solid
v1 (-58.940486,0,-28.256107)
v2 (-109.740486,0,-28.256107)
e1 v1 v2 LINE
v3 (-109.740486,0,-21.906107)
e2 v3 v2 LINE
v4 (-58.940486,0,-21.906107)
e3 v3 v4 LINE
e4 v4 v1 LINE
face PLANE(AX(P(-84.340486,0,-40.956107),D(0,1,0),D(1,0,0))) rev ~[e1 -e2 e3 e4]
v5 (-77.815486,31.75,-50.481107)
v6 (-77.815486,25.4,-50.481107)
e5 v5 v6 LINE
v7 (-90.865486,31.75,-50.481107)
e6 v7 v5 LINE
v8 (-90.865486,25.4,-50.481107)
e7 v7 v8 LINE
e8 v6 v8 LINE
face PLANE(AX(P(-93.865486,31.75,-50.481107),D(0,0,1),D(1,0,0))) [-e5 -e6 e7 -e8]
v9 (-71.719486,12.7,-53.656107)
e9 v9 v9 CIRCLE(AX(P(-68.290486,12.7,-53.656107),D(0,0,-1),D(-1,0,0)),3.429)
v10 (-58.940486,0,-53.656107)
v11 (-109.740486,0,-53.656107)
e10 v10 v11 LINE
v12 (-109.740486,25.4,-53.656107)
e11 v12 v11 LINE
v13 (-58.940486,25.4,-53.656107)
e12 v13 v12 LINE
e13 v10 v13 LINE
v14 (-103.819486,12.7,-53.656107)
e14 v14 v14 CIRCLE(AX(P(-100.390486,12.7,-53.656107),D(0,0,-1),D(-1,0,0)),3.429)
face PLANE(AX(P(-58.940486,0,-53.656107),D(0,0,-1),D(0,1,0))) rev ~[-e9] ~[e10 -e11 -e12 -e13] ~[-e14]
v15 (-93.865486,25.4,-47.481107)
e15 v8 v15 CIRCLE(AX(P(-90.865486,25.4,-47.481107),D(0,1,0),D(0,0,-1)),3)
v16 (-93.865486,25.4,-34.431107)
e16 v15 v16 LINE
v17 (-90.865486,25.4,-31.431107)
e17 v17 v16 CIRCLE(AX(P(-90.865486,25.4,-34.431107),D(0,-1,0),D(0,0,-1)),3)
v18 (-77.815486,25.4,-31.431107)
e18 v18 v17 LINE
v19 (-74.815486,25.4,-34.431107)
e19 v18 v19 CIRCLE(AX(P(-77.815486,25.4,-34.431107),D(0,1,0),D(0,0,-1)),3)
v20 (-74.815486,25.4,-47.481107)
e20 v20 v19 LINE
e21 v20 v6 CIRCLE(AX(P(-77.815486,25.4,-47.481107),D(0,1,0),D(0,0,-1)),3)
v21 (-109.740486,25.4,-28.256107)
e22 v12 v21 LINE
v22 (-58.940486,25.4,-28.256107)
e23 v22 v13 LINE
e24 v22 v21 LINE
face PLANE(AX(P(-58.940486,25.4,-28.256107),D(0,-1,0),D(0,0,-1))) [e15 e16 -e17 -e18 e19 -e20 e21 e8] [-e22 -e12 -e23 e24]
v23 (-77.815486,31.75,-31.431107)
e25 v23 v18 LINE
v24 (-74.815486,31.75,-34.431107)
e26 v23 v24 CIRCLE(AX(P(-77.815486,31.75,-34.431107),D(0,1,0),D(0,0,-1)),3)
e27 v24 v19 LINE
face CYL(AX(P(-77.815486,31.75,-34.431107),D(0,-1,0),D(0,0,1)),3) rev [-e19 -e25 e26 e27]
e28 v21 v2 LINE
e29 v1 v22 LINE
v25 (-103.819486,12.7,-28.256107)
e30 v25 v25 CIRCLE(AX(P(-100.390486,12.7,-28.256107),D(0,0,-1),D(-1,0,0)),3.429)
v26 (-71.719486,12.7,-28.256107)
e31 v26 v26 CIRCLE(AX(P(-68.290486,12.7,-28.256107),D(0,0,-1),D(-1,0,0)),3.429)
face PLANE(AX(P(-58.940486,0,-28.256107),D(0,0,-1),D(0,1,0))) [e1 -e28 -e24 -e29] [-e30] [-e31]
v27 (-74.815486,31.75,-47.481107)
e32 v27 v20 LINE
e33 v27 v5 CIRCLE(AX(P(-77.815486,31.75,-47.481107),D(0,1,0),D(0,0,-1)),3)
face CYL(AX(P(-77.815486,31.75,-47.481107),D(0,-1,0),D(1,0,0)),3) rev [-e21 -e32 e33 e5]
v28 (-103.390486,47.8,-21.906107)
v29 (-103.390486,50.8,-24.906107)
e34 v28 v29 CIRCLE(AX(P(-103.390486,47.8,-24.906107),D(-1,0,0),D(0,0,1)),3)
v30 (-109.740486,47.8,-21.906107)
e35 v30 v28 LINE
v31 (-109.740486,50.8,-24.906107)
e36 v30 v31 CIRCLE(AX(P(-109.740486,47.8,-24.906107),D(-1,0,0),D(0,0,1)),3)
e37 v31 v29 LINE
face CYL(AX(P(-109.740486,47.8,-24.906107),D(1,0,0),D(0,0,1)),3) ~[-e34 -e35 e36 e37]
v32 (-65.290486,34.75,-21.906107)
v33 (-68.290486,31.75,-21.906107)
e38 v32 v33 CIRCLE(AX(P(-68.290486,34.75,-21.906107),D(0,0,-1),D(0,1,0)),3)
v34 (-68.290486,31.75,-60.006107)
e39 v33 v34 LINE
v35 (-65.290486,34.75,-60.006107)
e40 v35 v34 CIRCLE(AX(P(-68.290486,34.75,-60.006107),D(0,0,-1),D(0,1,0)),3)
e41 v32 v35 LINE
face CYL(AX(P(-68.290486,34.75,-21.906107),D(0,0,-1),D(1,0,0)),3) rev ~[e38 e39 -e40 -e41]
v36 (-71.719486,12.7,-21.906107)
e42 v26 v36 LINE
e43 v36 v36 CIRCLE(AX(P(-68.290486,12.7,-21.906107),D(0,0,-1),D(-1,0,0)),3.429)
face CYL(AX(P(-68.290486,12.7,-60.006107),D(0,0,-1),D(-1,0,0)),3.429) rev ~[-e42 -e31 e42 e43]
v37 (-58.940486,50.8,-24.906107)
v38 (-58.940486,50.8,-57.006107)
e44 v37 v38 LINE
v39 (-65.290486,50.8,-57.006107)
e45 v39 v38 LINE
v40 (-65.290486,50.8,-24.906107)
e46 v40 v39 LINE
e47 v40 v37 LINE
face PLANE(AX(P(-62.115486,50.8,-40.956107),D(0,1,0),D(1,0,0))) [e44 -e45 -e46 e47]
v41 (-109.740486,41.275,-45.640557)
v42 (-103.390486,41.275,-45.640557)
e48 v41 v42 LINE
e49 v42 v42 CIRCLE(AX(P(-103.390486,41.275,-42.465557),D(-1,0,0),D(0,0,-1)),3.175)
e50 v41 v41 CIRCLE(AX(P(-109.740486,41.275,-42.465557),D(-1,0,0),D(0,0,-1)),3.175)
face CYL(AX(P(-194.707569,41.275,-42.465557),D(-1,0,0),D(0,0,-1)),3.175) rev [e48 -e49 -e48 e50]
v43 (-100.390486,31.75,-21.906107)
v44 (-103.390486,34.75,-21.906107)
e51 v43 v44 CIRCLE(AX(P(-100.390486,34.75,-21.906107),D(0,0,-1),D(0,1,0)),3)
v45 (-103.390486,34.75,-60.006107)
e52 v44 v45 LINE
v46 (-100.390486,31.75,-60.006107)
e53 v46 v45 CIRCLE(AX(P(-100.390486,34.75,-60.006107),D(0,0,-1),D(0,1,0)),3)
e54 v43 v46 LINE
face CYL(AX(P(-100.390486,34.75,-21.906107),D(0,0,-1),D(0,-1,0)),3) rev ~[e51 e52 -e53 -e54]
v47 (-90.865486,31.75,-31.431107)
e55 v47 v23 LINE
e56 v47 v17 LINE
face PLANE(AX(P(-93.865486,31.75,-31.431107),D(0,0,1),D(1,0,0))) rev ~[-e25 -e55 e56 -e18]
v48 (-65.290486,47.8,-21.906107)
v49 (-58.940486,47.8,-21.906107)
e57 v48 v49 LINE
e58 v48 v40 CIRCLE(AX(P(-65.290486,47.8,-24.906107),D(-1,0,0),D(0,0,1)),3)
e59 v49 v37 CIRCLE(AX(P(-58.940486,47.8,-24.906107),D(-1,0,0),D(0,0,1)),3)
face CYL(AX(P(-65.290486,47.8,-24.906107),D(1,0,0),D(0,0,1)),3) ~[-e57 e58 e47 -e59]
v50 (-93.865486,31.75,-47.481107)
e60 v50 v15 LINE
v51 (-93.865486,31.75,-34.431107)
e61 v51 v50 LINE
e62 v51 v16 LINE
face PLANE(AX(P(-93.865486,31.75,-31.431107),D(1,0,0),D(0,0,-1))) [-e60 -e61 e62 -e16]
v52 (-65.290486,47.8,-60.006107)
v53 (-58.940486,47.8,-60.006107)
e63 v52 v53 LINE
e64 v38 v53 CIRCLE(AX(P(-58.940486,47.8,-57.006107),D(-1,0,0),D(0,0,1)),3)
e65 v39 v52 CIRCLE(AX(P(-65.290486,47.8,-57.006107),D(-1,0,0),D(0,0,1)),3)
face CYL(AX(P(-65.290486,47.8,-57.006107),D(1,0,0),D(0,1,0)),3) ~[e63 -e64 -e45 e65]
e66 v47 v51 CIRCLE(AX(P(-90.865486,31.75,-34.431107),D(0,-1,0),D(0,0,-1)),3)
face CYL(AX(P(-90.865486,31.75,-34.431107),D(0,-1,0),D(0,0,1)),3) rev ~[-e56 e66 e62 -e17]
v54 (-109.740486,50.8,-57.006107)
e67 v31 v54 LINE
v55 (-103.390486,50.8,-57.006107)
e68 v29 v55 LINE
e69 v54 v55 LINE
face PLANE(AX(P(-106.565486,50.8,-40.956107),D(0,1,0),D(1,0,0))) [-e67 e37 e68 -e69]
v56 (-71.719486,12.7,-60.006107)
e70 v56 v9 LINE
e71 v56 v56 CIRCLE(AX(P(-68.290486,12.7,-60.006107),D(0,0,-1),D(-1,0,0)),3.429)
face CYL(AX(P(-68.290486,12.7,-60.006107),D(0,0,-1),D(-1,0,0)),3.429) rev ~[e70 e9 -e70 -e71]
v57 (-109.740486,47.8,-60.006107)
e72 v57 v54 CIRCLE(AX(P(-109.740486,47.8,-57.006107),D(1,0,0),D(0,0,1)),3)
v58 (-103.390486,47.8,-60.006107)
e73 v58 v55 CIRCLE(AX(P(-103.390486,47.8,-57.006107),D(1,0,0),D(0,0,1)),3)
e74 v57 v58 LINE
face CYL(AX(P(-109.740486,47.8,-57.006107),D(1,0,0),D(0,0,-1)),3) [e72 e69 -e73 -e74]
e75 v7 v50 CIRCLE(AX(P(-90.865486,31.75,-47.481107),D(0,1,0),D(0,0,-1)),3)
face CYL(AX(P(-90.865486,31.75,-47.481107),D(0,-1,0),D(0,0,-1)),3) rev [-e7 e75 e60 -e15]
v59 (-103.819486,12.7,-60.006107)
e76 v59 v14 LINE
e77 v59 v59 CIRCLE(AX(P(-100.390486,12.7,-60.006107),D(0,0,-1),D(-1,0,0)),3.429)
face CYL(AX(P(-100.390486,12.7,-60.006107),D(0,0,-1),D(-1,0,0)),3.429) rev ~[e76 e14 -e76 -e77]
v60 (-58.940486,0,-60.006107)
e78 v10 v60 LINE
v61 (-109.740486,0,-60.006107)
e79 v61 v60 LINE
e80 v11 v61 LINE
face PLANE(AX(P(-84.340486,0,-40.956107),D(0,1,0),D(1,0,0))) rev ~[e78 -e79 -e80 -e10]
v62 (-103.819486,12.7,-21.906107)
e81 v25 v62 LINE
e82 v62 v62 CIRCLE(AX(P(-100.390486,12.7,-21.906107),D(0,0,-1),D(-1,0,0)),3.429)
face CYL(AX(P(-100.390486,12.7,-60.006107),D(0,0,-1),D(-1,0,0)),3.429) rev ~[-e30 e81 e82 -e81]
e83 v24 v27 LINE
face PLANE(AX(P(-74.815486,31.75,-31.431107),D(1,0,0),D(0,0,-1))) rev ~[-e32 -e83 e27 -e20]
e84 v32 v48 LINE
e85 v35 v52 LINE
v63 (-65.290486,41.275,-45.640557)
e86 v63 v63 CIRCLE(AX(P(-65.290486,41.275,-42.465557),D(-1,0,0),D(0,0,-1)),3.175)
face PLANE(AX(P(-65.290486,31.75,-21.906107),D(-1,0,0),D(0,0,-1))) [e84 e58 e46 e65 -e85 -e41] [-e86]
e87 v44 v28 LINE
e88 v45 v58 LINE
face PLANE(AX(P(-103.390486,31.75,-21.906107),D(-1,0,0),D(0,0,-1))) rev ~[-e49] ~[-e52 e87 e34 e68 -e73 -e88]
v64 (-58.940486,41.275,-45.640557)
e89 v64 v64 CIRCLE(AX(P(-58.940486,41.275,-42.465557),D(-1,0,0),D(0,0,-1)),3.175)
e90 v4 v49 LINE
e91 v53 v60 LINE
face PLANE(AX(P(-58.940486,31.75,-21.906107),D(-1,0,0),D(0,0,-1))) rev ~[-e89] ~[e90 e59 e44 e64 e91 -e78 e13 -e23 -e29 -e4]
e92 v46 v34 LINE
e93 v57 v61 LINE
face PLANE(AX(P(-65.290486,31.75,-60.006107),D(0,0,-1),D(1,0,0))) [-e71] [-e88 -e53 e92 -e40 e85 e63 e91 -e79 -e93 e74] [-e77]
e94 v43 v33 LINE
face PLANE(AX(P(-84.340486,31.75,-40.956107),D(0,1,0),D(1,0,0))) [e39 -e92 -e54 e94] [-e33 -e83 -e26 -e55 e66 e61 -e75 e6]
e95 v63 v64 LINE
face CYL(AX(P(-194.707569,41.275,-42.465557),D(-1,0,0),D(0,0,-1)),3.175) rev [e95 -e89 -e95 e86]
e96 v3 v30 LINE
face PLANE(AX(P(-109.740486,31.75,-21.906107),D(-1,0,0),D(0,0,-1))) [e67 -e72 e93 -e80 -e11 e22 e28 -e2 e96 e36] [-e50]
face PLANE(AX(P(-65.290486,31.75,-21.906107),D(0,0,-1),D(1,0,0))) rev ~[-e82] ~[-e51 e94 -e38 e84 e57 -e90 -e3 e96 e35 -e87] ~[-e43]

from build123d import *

# Parameters (mm, degrees)
SKETCH1_W               = 50.8
SKETCH1_H               = 38.1
BOSS_EXTRUDE1_DEPTH     = 31.75
SKETCH2_W               = 25.4
SKETCH2_H               = 25.4
CUT_EXTRUDE1_DEPTH      = 85.79053849
SKETCH3_W               = 6.35
SKETCH3_H               = 38.1
BOSS_EXTRUDE2_DEPTH     = 19.05
SKETCH4_W               = 6.35
SKETCH4_H               = 38.1
BOSS_EXTRUDE3_DEPTH     = 19.05
CUT_EXTRUDE2_DEPTH      = 91.317082645
CUT_EXTRUDE2_DEPTH_BACK = 91.317082645
SKETCH5_R               = 3.175
FILLET1_R               = 3
SKETCH6_R               = 3.429
CUT_EXTRUDE3_DEPTH      = 127.788108172
SKETCH7_R               = 3.429
CUT_EXTRUDE4_DEPTH      = 127.788108172
SKETCH8_W               = 19.05
SKETCH8_H               = 19.05
CUT_EXTRUDE5_DEPTH      = 130.041736625
FILLET2_R               = 3
FILLET3_R               = 3


with BuildPart() as part:
    # Sketch1 → Boss-Extrude1 (new body)
    with BuildSketch(Plane(origin=(0, 0, 0), x_dir=(1, 0, 0), z_dir=(0, 1, 0))):
        with Locations((-84.340486484, 40.956107335)):
            Rectangle(SKETCH1_W, SKETCH1_H)
    extrude(amount=BOSS_EXTRUDE1_DEPTH)

    # Sketch2 → Cut-Extrude1 (cut, through all)
    with BuildSketch(Plane(origin=(-58.940486484, 0, 0), x_dir=(0, 0, -1), z_dir=(1, 0, 0))):
        with Locations((40.956107335, 12.7)):
            Rectangle(SKETCH2_W, SKETCH2_H)
    extrude(amount=-CUT_EXTRUDE1_DEPTH, mode=Mode.SUBTRACT)

    # Sketch3 → Boss-Extrude2 (add)
    with BuildSketch(Plane(origin=(0, 31.75, 0), x_dir=(1, 0, 0), z_dir=(0, 1, 0))):
        with Locations((-106.565486484, 40.956107335)):
            Rectangle(SKETCH3_W, SKETCH3_H)
    extrude(amount=BOSS_EXTRUDE2_DEPTH)

    # Sketch4 → Boss-Extrude3 (add)
    with BuildSketch(Plane(origin=(0, 31.75, 0), x_dir=(1, 0, 0), z_dir=(0, 1, 0))):
        with Locations((-62.115486484, 40.956107335)):
            Rectangle(SKETCH4_W, SKETCH4_H)
    extrude(amount=BOSS_EXTRUDE3_DEPTH)

    # Sketch5 → Cut-Extrude2 (cut, two sides: drawn at the far end of the back side and taken through both)
    with BuildSketch(Plane(origin=(-103.390486484, 0, 0), x_dir=(0, 0, -1), z_dir=(1, 0, 0)).offset(-CUT_EXTRUDE2_DEPTH_BACK)):
        with Locations((42.465557169, 41.275)):
            Circle(SKETCH5_R)
    extrude(amount=CUT_EXTRUDE2_DEPTH + CUT_EXTRUDE2_DEPTH_BACK, mode=Mode.SUBTRACT)

    # Fillet1
    fillet1_edges = [part.edges().sort_by_distance(p)[0] for p in [
        (-106.565486484, 50.8, -60.006107335),
        (-106.565486484, 50.8, -21.906107335),
        (-62.115486484, 50.8, -21.906107335),
        (-62.115486484, 50.8, -60.006107335),
        (-65.290486484, 31.75, -40.956107335),
        (-103.390486484, 31.75, -40.956107335),
    ]]
    fillet(fillet1_edges, radius=FILLET1_R)

    # Sketch6 → Cut-Extrude3 (cut, through all)
    with BuildSketch(Plane(origin=(0, 0, -60.006107335), x_dir=(-1, 0, 0), z_dir=(0, 0, -1))):
        with Locations((68.290486484, 12.7)):
            Circle(SKETCH6_R)
    extrude(amount=-CUT_EXTRUDE3_DEPTH, mode=Mode.SUBTRACT)

    # Sketch7 → Cut-Extrude4 (cut, through all)
    with BuildSketch(Plane(origin=(0, 0, -60.006107335), x_dir=(-1, 0, 0), z_dir=(0, 0, -1))):
        with Locations((100.390486484, 12.7)):
            Circle(SKETCH7_R)
    extrude(amount=-CUT_EXTRUDE4_DEPTH, mode=Mode.SUBTRACT)

    # Sketch8 → Cut-Extrude5 (cut, through all)
    with BuildSketch(Plane(origin=(0, 31.75, 0), x_dir=(1, 0, 0), z_dir=(0, 1, 0))):
        with Locations((-84.340486484, 40.956107335)):
            Rectangle(SKETCH8_W, SKETCH8_H)
    extrude(amount=-CUT_EXTRUDE5_DEPTH, mode=Mode.SUBTRACT)

    # Fillet2
    fillet2_edges = [part.edges().sort_by_distance(p)[0] for p in [
        (-93.865486484, 28.575, -31.431107335),
        (-93.865486484, 28.575, -50.481107335),
    ]]
    fillet(fillet2_edges, radius=FILLET2_R)

    # Fillet3
    fillet3_edges = [part.edges().sort_by_distance(p)[0] for p in [
        (-74.815486484, 28.575, -50.481107335),
        (-74.815486484, 28.575, -31.431107335),
    ]]
    fillet(fillet3_edges, radius=FILLET3_R)


solid = part.part
